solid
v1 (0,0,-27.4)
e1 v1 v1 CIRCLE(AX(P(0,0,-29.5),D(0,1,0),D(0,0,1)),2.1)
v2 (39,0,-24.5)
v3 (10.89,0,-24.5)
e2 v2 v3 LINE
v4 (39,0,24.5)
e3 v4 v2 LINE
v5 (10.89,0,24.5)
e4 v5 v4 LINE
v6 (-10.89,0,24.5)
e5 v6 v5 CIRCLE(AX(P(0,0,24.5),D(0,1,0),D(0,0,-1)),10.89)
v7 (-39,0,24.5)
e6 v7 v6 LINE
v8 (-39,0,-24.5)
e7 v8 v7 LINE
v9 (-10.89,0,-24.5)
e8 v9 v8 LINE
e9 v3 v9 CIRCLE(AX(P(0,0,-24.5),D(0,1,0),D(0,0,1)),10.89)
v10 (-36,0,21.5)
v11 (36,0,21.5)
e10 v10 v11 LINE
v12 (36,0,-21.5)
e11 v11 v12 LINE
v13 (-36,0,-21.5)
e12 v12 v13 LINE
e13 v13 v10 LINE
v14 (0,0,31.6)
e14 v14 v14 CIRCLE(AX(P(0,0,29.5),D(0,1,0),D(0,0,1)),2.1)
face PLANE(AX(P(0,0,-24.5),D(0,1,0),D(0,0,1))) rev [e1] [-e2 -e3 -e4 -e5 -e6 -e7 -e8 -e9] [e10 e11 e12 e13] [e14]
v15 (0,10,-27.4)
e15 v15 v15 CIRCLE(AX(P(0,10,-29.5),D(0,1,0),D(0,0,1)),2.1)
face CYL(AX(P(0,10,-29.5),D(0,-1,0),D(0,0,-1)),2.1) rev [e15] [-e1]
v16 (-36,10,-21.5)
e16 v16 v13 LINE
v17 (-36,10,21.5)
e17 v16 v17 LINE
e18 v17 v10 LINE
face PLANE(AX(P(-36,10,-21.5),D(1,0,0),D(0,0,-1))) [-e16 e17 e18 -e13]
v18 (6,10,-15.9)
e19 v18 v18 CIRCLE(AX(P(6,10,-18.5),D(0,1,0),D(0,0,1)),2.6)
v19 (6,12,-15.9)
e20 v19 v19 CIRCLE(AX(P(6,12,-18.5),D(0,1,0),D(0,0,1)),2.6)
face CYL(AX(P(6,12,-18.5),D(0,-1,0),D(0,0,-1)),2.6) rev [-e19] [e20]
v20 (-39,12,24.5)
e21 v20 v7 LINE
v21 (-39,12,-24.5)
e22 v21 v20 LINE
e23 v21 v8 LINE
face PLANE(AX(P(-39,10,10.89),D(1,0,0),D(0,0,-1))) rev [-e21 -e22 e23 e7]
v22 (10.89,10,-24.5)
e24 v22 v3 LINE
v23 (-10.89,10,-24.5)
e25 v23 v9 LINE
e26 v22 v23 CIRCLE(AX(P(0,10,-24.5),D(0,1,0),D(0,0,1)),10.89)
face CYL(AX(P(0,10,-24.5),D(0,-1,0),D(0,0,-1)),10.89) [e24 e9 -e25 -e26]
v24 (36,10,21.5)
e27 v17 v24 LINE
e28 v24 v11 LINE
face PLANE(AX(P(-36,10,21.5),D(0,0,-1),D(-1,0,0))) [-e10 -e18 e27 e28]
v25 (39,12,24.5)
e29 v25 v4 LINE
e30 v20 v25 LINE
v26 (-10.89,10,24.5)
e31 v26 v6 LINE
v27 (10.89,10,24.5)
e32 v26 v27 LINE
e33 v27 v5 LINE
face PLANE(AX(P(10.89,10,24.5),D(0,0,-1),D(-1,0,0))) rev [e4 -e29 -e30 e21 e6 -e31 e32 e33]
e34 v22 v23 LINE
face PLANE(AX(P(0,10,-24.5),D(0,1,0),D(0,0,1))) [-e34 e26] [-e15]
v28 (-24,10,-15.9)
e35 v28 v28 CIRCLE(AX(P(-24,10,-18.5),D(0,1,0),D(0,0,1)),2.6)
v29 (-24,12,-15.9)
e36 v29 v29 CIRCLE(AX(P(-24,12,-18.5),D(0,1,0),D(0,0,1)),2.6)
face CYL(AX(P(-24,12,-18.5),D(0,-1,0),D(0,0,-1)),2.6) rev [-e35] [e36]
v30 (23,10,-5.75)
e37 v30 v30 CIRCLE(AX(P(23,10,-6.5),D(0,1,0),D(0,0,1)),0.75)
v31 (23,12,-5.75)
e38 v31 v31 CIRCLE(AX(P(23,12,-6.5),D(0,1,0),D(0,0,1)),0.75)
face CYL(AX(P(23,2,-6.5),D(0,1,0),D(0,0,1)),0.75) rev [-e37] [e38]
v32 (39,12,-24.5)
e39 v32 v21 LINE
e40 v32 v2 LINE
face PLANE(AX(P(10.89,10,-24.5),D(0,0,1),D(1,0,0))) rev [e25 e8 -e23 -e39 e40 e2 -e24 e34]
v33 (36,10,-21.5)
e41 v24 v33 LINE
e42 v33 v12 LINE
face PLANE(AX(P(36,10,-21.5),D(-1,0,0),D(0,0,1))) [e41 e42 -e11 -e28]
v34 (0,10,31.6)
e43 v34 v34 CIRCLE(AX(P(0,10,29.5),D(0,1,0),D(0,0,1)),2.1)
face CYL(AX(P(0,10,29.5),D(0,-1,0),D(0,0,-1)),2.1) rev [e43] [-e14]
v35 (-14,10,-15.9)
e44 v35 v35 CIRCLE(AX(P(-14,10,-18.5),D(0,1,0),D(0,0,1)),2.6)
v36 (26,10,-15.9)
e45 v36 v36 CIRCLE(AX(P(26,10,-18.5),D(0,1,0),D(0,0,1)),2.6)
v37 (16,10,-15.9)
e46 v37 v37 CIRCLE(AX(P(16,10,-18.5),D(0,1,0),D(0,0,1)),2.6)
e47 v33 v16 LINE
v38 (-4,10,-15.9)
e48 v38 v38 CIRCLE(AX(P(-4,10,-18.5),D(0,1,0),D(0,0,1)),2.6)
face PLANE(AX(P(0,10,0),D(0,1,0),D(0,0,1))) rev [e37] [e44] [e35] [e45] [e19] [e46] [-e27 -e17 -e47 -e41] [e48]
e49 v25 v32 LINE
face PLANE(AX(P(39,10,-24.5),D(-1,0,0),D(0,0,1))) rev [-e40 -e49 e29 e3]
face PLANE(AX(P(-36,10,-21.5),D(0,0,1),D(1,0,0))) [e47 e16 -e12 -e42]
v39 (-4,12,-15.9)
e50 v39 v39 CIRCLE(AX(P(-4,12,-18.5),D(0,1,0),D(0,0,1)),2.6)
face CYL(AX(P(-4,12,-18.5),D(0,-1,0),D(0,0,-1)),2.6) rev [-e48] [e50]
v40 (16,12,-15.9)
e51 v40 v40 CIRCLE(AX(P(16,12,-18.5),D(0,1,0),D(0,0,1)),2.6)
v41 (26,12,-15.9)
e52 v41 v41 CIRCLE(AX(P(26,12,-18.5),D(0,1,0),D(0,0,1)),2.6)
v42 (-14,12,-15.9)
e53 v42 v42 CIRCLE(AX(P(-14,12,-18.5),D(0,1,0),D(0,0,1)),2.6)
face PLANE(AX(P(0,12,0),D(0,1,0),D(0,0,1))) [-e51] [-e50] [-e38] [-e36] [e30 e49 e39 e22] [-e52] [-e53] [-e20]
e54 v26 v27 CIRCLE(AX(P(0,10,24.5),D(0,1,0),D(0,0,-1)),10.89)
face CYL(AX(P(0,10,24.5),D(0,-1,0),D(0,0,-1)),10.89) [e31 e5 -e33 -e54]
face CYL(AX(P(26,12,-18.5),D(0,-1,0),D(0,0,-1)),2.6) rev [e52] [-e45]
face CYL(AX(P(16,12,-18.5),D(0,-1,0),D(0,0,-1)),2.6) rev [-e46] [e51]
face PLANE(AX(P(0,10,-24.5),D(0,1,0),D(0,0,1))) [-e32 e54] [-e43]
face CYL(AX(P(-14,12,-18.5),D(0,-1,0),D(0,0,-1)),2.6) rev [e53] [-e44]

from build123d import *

# Parameters (mm, degrees)
SKETCH2_R           = 2.1
SKETCH2_W           = 72
SKETCH2_H           = 43
BOSS_EXTRUDE1_DEPTH = 10
SKETCH3_W           = 78
SKETCH3_H           = 49
SKETCH3_R           = 2.6
BOSS_EXTRUDE2_DEPTH = 2
SKETCH4_R           = 0.75
CUT_EXTRUDE1_DEPTH  = 10


with BuildPart() as part:
    # Sketch2 → Boss-Extrude1 (new body)
    with BuildSketch(Plane(origin=(0, 0, 0), x_dir=(1, 0, 0), z_dir=(0, 1, 0))):
        with BuildLine():
            Line((-39, 24.5), (-39, 10.89))
            Line((-39, 10.89), (-39, -10.89))
            Line((-39, -10.89), (-39, -24.5))
            Line((-39, -24.5), (-10.89, -24.5))
            ThreePointArc((-10.89, -24.5), (0, -35.39), (10.89, -24.5))
            Line((10.89, -24.5), (39, -24.5))
            Line((39, -24.5), (39, -10.89))
            Line((39, -10.89), (39, 10.89))
            Line((39, 10.89), (39, 24.5))
            Line((39, 24.5), (10.89, 24.5))
            ThreePointArc((10.89, 24.5), (0, 35.39), (-10.89, 24.5))
            Line((-10.89, 24.5), (-39, 24.5))
        make_face()
        with Locations(Location((0, 29.5, 0), (0, 0, 270))):
            Circle(SKETCH2_R, mode=Mode.SUBTRACT)
        with Locations(Location((0, -29.5, 0), (0, 0, 270))):
            Circle(SKETCH2_R, mode=Mode.SUBTRACT)
        Rectangle(SKETCH2_W, SKETCH2_H, mode=Mode.SUBTRACT)
    extrude(amount=BOSS_EXTRUDE1_DEPTH)

    # Sketch3 → Boss-Extrude2 (add)
    with BuildSketch(Plane(origin=(0, 10, 0), x_dir=(1, 0, 0), z_dir=(0, 1, 0))):
        Rectangle(SKETCH3_W, SKETCH3_H)
        with Locations(Location((-24, 18.5, 0), (0, 0, 270))):
            Circle(SKETCH3_R, mode=Mode.SUBTRACT)
        with Locations(Location((-14, 18.5, 0), (0, 0, 270))):
            Circle(SKETCH3_R, mode=Mode.SUBTRACT)
        with Locations(Location((-4, 18.5, 0), (0, 0, 270))):
            Circle(SKETCH3_R, mode=Mode.SUBTRACT)
        with Locations(Location((6, 18.5, 0), (0, 0, 270))):
            Circle(SKETCH3_R, mode=Mode.SUBTRACT)
        with Locations(Location((16, 18.5, 0), (0, 0, 270))):
            Circle(SKETCH3_R, mode=Mode.SUBTRACT)
        with Locations(Location((26, 18.5, 0), (0, 0, 270))):
            Circle(SKETCH3_R, mode=Mode.SUBTRACT)
    extrude(amount=BOSS_EXTRUDE2_DEPTH)

    # Sketch4 → Cut-Extrude1 (cut)
    with BuildSketch(Plane(origin=(0, 12, 0), x_dir=(1, 0, 0), z_dir=(0, 1, 0))):
        with Locations(Location((23, 6.5, 0), (0, 0, 270))):
            Circle(SKETCH4_R)
    extrude(amount=-CUT_EXTRUDE1_DEPTH, mode=Mode.SUBTRACT)


solid = part.part
